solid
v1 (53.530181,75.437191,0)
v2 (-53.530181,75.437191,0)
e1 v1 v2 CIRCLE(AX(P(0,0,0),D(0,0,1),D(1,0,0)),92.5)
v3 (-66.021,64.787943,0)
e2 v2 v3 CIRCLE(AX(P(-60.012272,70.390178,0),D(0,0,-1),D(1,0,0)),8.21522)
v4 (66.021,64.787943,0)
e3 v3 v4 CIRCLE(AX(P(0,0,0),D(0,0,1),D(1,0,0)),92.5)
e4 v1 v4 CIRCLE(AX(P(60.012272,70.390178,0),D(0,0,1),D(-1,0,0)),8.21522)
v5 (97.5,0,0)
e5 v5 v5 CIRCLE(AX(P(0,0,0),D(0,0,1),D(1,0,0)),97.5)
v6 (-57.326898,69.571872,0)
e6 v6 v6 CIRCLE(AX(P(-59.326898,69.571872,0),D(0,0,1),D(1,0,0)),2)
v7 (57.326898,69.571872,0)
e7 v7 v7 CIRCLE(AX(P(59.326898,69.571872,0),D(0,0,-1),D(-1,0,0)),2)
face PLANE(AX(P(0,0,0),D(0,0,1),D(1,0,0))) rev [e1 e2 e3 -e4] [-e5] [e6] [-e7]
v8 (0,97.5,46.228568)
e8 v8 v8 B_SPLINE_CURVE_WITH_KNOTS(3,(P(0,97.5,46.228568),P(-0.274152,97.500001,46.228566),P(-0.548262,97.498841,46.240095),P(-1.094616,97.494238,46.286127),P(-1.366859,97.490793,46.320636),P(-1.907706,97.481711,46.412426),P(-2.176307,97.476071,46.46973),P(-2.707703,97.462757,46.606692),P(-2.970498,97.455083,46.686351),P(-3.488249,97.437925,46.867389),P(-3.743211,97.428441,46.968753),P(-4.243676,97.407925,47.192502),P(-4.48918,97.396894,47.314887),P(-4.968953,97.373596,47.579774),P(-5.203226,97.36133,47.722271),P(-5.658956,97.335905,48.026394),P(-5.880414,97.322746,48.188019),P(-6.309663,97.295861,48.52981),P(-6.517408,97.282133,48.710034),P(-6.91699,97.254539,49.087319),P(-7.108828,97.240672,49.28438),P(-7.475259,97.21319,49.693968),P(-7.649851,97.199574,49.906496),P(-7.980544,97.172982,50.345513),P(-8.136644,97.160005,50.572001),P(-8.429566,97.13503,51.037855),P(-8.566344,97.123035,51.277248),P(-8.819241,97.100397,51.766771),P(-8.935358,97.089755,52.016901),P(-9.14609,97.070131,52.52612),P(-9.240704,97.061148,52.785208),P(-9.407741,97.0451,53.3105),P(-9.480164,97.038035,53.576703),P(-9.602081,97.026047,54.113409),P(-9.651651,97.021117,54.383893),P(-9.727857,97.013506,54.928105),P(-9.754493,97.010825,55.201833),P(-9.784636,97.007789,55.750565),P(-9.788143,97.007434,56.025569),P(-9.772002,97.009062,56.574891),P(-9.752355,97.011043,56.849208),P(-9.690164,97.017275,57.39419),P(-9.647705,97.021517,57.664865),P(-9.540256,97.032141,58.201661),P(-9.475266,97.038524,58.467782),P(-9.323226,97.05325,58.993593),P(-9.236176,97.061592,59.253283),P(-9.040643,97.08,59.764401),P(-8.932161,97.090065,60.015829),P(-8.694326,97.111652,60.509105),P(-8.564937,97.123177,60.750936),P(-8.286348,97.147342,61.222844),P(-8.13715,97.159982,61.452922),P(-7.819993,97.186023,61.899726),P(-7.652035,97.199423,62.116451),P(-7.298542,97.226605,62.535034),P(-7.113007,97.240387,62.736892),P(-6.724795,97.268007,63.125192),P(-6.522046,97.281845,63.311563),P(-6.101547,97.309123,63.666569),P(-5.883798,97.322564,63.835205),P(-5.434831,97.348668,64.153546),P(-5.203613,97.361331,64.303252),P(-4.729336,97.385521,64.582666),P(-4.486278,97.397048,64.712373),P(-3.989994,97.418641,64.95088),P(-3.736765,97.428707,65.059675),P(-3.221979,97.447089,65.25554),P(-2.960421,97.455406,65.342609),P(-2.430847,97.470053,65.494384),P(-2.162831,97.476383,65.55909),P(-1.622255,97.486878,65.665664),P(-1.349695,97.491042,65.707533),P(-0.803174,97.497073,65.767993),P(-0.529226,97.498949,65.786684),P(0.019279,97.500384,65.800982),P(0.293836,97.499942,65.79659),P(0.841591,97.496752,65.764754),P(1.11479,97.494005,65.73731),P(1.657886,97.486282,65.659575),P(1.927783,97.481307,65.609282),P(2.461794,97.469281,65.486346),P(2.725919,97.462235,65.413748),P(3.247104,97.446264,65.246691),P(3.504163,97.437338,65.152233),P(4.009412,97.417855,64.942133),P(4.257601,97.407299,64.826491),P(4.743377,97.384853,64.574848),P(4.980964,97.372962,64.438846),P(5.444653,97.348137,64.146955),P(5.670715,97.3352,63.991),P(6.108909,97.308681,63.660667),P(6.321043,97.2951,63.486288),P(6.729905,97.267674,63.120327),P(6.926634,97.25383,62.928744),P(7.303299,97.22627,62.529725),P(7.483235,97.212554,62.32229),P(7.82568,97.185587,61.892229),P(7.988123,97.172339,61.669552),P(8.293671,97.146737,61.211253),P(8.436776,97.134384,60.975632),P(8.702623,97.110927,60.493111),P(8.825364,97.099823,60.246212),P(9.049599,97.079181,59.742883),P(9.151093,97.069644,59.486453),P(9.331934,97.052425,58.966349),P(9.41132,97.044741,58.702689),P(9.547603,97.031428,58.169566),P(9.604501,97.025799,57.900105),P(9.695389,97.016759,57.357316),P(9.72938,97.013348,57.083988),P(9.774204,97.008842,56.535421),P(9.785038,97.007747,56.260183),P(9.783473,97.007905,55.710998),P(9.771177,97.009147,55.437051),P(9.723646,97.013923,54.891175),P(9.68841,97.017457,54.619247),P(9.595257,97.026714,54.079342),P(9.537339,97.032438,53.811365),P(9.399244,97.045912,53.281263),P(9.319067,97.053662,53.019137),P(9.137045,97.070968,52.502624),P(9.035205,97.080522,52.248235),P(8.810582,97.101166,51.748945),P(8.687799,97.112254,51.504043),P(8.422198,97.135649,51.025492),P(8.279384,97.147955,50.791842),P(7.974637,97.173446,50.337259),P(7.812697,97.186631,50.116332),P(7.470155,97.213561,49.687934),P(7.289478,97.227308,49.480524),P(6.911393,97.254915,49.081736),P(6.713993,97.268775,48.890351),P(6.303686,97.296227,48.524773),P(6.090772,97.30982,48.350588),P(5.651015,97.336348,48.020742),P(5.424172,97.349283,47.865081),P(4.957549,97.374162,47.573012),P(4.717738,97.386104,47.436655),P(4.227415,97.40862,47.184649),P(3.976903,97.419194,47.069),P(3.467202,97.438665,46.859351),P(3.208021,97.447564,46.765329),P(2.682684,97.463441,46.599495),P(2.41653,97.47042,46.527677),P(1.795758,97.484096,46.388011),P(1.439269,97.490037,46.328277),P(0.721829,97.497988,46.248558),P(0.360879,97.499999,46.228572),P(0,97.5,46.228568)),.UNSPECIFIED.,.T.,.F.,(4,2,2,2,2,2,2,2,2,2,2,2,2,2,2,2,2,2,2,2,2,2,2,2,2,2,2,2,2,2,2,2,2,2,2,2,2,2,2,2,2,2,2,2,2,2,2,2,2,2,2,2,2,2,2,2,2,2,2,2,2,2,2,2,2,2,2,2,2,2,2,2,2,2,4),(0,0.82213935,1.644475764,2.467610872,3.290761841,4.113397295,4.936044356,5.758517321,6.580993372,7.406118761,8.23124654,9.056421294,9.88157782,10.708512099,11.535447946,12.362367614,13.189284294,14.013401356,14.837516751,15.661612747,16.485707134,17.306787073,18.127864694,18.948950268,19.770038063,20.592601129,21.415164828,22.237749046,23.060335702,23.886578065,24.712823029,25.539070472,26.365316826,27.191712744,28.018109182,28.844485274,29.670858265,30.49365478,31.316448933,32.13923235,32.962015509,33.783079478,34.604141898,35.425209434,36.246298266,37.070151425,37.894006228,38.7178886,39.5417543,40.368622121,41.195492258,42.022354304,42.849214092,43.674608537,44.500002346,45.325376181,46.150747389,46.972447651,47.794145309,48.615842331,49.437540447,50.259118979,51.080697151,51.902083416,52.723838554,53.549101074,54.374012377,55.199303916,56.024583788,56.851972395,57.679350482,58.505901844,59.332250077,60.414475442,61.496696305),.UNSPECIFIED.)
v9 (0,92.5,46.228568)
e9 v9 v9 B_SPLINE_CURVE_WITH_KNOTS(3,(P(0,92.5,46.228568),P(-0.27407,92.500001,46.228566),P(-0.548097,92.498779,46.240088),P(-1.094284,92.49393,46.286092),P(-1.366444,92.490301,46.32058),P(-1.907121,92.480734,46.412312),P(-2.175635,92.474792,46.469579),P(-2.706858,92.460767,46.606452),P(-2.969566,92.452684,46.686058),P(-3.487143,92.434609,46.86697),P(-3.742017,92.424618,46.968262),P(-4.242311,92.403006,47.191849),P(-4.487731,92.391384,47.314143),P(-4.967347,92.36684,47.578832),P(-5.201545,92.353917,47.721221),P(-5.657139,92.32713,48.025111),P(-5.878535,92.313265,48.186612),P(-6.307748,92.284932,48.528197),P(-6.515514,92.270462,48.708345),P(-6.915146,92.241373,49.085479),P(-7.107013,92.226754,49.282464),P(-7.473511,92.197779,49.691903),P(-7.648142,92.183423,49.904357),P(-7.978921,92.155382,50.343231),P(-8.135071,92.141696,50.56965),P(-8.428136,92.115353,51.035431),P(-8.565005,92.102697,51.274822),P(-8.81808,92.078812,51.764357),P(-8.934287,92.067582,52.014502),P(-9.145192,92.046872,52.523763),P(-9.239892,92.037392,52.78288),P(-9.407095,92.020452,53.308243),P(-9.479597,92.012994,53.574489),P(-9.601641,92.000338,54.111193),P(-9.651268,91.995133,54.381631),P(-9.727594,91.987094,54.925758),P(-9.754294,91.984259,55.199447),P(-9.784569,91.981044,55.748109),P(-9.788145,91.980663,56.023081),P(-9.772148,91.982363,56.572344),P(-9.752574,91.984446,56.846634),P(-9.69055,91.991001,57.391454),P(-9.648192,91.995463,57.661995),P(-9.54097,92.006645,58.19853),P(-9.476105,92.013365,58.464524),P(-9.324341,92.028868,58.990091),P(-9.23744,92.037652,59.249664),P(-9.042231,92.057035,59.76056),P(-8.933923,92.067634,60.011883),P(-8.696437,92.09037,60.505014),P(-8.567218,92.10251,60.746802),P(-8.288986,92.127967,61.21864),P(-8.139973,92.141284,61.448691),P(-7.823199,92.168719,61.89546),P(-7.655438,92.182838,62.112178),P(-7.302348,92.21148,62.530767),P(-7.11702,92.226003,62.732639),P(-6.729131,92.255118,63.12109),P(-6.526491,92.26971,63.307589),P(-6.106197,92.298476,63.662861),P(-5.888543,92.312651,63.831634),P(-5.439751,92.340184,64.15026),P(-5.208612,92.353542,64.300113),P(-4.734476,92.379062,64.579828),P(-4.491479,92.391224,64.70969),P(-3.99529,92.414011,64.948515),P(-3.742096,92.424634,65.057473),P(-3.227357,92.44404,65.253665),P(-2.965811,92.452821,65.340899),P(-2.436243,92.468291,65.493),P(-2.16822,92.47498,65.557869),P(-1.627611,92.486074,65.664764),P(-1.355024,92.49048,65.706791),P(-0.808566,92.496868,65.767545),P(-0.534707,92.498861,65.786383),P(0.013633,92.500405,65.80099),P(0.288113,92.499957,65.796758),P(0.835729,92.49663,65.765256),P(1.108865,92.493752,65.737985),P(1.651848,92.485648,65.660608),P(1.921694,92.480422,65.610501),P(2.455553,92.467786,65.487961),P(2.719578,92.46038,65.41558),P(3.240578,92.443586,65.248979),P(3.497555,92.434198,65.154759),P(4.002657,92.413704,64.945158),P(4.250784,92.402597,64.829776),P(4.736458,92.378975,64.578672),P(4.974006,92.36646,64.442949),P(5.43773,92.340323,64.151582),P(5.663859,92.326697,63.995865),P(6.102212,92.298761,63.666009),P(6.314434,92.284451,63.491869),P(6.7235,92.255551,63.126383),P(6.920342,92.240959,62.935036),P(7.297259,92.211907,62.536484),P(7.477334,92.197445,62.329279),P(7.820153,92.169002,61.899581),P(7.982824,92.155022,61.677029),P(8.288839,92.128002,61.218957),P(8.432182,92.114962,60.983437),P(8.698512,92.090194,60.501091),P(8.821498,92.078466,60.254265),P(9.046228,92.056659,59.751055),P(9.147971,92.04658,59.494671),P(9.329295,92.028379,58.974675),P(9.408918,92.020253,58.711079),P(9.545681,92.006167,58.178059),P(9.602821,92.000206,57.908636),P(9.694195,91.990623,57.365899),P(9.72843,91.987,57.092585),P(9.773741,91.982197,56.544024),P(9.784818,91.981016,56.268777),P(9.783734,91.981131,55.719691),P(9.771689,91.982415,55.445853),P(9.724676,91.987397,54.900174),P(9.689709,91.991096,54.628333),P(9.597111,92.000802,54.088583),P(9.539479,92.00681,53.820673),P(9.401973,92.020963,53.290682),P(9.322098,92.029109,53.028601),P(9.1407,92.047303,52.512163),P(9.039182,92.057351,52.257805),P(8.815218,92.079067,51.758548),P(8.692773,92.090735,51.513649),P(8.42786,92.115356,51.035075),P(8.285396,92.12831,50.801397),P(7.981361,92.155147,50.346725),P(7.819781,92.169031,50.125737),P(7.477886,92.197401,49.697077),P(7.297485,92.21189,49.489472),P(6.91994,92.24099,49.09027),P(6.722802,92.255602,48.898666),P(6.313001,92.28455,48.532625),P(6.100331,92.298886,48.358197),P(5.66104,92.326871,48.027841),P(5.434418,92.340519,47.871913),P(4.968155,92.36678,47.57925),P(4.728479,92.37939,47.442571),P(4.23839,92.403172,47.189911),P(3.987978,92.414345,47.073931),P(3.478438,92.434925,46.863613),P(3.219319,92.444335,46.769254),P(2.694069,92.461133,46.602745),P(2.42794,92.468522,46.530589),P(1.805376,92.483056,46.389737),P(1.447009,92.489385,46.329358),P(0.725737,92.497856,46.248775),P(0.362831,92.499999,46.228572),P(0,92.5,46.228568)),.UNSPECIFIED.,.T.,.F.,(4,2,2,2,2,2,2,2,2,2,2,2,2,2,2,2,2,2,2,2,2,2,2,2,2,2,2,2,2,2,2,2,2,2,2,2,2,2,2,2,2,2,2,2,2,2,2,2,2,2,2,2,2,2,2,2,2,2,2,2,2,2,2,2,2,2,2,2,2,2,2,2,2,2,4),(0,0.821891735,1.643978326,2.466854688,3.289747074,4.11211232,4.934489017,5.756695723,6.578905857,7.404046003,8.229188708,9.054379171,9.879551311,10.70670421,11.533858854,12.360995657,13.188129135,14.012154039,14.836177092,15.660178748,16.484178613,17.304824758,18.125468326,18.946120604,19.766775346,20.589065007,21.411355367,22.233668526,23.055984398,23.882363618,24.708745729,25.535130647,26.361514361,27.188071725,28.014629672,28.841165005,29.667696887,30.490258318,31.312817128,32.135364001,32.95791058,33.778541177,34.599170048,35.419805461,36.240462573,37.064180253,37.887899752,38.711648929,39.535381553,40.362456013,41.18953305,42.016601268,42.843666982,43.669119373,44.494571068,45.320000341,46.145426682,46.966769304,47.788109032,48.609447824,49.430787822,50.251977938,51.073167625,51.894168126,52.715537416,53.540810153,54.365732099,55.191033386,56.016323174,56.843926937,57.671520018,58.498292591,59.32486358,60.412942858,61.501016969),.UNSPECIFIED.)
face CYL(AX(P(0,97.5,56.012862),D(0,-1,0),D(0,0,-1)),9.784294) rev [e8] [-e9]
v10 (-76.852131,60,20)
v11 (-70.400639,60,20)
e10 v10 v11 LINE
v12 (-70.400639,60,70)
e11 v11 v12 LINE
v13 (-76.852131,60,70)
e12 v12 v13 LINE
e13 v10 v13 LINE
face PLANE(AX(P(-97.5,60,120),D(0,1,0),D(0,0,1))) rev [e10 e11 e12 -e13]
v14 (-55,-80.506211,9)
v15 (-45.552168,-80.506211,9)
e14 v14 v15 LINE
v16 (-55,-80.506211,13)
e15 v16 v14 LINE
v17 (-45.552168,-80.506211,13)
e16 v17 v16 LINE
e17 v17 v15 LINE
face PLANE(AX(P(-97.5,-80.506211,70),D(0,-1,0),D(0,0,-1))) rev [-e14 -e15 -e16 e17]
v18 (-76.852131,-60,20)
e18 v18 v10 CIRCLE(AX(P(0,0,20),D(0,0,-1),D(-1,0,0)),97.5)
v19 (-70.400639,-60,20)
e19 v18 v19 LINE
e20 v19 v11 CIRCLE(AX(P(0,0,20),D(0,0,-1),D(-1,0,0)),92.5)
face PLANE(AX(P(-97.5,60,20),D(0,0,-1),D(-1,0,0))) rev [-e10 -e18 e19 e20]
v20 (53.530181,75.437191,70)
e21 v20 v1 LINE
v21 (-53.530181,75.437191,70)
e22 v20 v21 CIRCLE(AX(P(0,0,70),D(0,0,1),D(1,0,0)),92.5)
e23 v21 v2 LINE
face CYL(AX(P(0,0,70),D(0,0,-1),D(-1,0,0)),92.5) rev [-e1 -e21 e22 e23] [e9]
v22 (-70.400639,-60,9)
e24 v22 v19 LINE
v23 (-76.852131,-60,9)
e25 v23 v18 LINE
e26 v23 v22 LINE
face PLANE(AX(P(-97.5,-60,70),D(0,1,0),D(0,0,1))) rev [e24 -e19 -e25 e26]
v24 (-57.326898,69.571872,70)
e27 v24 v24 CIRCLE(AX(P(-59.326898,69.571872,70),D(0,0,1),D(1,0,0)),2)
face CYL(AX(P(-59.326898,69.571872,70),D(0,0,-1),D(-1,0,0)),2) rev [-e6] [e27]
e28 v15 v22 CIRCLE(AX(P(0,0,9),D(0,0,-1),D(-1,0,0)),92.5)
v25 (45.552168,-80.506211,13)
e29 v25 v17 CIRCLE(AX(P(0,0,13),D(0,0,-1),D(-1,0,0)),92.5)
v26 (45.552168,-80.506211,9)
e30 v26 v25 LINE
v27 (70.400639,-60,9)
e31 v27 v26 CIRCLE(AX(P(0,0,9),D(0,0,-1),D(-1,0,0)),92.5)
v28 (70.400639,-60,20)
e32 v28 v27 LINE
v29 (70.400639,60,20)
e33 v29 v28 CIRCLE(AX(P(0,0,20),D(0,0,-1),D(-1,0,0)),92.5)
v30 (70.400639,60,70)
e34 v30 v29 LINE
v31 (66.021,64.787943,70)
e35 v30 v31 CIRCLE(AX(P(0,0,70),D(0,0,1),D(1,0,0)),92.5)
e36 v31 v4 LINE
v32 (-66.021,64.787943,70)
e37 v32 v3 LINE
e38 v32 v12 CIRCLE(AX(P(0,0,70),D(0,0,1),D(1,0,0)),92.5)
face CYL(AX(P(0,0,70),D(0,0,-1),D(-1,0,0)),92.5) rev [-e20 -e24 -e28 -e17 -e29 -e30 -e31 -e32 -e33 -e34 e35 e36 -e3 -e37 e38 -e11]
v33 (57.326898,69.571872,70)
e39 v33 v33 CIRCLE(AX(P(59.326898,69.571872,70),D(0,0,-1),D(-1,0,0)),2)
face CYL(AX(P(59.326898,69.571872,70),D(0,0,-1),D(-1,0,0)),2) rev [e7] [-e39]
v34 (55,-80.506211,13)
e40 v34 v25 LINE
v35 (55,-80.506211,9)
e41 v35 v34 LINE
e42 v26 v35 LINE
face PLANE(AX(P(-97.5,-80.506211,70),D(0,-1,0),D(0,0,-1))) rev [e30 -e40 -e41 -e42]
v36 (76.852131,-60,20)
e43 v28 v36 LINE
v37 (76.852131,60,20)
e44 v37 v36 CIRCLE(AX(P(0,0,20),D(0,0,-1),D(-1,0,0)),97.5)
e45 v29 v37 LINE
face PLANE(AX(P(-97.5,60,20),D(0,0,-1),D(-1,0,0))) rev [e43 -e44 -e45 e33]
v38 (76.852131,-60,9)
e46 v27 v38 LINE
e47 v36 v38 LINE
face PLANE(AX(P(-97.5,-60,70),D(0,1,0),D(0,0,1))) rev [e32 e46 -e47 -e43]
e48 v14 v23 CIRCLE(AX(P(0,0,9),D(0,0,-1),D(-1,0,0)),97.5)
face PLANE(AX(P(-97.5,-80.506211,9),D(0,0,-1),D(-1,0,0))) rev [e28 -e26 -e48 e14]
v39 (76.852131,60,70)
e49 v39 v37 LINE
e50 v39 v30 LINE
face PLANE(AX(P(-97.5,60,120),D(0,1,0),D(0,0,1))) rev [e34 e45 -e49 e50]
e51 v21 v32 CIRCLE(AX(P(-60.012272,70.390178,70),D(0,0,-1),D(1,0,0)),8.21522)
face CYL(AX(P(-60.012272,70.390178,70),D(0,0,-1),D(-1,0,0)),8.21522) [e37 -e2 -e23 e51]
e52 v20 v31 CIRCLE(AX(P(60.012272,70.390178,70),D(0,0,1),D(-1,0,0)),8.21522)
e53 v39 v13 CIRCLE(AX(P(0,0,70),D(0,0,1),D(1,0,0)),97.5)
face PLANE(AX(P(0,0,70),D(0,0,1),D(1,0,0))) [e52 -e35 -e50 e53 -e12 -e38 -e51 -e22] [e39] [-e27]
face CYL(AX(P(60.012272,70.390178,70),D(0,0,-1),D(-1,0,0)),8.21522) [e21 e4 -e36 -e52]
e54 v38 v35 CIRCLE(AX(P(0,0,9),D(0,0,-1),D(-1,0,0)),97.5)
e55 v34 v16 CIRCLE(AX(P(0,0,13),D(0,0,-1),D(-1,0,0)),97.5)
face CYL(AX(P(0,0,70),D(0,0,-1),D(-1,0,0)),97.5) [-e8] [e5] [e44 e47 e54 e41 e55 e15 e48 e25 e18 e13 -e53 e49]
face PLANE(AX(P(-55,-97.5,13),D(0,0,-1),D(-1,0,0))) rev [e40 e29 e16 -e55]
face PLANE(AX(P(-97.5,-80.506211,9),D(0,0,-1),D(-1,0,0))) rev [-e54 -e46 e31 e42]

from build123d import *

# Parameters (mm, degrees)
SKETCH2_R               = 97.5
SKETCH2_R_2             = 92.5
BOSS_EXTRUDE1_DEPTH     = 70
SKETCH3_W               = 110
SKETCH3_H               = 114
CUT_EXTRUDE1_DEPTH      = 98.5
SKETCH4_W               = 100
SKETCH4_H               = 120
CUT_EXTRUDE2_DEPTH      = 98.5
CUT_EXTRUDE2_DEPTH_BACK = 98.5
SKETCH5_W               = 61
SKETCH5_H               = 20.506210941
CUT_EXTRUDE3_DEPTH      = 98.5
CUT_EXTRUDE3_DEPTH_BACK = 98.5
SKETCH6_R               = 9.784293737
CUT_EXTRUDE4_DEPTH      = 98.5
BOSS_EXTRUDE2_DEPTH     = 70
SKETCH9_R               = 2
CUT_EXTRUDE5_DEPTH      = 71.0000001


with BuildPart() as part:
    # Sketch2 → Boss-Extrude1 (new body)
    with BuildSketch(Plane.XY):
        Circle(SKETCH2_R)
        Circle(SKETCH2_R_2, mode=Mode.SUBTRACT)
    extrude(amount=BOSS_EXTRUDE1_DEPTH)

    # Sketch3 → Cut-Extrude1 (cut, through all)
    with BuildSketch(Plane(origin=(0, 0, 0), x_dir=(1, 0, 0), z_dir=(0, 1, 0))):
        with Locations((0, -70)):
            Rectangle(SKETCH3_W, SKETCH3_H)
    extrude(amount=-CUT_EXTRUDE1_DEPTH, mode=Mode.SUBTRACT)

    # Sketch4 → Cut-Extrude2 (cut, two sides)
    with BuildSketch(Plane(origin=(0, 0, 0), x_dir=(0, 0, -1), z_dir=(1, 0, 0))) as cut_extrude2_sk:
        with Locations((-70, 0)):
            Rectangle(SKETCH4_W, SKETCH4_H)
    extrude(amount=CUT_EXTRUDE2_DEPTH, mode=Mode.SUBTRACT)
    extrude(cut_extrude2_sk.sketch, amount=-CUT_EXTRUDE2_DEPTH_BACK, mode=Mode.SUBTRACT)

    # Sketch5 → Cut-Extrude3 (cut, two sides)
    with BuildSketch(Plane(origin=(0, 0, 0), x_dir=(0, 0, -1), z_dir=(1, 0, 0))) as cut_extrude3_sk:
        with Locations((-39.5, -70.253105471)):
            Rectangle(SKETCH5_W, SKETCH5_H)
    extrude(amount=CUT_EXTRUDE3_DEPTH, mode=Mode.SUBTRACT)
    extrude(cut_extrude3_sk.sketch, amount=-CUT_EXTRUDE3_DEPTH_BACK, mode=Mode.SUBTRACT)

    # Sketch6 → Cut-Extrude4 (cut, through all)
    with BuildSketch(Plane(origin=(0, 0, 0), x_dir=(1, 0, 0), z_dir=(0, 1, 0))):
        with Locations((0, -56.012862066)):
            Circle(SKETCH6_R)
    extrude(amount=CUT_EXTRUDE4_DEPTH, mode=Mode.SUBTRACT)

    # Sketch8 → Boss-Extrude2 (add)
    with BuildSketch(Plane.XY):
        with BuildLine():
            ThreePointArc((66.0209996, 64.787943414), (54.682390857, 64.138601978), (53.530180965, 75.437190602))
            ThreePointArc((53.530180965, 75.437190602), (60.012272162, 70.390178221), (66.0209996, 64.787943414))
        make_face()
    boss_extrude2 = extrude(amount=BOSS_EXTRUDE2_DEPTH)

    # Sketch9 → Cut-Extrude5 (cut, through all)
    with BuildSketch(Plane(origin=(0, 0, 0), x_dir=(-1, 0, 0), z_dir=(0, 0, -1))):
        with Locations((-59.32689754, 69.571871503)):
            Circle(SKETCH9_R)
    cut_extrude5 = extrude(amount=-CUT_EXTRUDE5_DEPTH, mode=Mode.SUBTRACT)

    # Mirror1: Boss-Extrude2, Cut-Extrude5 across plane
    add(boss_extrude2.mirror(Plane(origin=(0, 0, 0), x_dir=(0, 0, 1), z_dir=(1, 0, 0))))
    add(cut_extrude5.mirror(Plane(origin=(0, 0, 0), x_dir=(0, 0, 1), z_dir=(1, 0, 0))), mode=Mode.SUBTRACT)


solid = part.part
